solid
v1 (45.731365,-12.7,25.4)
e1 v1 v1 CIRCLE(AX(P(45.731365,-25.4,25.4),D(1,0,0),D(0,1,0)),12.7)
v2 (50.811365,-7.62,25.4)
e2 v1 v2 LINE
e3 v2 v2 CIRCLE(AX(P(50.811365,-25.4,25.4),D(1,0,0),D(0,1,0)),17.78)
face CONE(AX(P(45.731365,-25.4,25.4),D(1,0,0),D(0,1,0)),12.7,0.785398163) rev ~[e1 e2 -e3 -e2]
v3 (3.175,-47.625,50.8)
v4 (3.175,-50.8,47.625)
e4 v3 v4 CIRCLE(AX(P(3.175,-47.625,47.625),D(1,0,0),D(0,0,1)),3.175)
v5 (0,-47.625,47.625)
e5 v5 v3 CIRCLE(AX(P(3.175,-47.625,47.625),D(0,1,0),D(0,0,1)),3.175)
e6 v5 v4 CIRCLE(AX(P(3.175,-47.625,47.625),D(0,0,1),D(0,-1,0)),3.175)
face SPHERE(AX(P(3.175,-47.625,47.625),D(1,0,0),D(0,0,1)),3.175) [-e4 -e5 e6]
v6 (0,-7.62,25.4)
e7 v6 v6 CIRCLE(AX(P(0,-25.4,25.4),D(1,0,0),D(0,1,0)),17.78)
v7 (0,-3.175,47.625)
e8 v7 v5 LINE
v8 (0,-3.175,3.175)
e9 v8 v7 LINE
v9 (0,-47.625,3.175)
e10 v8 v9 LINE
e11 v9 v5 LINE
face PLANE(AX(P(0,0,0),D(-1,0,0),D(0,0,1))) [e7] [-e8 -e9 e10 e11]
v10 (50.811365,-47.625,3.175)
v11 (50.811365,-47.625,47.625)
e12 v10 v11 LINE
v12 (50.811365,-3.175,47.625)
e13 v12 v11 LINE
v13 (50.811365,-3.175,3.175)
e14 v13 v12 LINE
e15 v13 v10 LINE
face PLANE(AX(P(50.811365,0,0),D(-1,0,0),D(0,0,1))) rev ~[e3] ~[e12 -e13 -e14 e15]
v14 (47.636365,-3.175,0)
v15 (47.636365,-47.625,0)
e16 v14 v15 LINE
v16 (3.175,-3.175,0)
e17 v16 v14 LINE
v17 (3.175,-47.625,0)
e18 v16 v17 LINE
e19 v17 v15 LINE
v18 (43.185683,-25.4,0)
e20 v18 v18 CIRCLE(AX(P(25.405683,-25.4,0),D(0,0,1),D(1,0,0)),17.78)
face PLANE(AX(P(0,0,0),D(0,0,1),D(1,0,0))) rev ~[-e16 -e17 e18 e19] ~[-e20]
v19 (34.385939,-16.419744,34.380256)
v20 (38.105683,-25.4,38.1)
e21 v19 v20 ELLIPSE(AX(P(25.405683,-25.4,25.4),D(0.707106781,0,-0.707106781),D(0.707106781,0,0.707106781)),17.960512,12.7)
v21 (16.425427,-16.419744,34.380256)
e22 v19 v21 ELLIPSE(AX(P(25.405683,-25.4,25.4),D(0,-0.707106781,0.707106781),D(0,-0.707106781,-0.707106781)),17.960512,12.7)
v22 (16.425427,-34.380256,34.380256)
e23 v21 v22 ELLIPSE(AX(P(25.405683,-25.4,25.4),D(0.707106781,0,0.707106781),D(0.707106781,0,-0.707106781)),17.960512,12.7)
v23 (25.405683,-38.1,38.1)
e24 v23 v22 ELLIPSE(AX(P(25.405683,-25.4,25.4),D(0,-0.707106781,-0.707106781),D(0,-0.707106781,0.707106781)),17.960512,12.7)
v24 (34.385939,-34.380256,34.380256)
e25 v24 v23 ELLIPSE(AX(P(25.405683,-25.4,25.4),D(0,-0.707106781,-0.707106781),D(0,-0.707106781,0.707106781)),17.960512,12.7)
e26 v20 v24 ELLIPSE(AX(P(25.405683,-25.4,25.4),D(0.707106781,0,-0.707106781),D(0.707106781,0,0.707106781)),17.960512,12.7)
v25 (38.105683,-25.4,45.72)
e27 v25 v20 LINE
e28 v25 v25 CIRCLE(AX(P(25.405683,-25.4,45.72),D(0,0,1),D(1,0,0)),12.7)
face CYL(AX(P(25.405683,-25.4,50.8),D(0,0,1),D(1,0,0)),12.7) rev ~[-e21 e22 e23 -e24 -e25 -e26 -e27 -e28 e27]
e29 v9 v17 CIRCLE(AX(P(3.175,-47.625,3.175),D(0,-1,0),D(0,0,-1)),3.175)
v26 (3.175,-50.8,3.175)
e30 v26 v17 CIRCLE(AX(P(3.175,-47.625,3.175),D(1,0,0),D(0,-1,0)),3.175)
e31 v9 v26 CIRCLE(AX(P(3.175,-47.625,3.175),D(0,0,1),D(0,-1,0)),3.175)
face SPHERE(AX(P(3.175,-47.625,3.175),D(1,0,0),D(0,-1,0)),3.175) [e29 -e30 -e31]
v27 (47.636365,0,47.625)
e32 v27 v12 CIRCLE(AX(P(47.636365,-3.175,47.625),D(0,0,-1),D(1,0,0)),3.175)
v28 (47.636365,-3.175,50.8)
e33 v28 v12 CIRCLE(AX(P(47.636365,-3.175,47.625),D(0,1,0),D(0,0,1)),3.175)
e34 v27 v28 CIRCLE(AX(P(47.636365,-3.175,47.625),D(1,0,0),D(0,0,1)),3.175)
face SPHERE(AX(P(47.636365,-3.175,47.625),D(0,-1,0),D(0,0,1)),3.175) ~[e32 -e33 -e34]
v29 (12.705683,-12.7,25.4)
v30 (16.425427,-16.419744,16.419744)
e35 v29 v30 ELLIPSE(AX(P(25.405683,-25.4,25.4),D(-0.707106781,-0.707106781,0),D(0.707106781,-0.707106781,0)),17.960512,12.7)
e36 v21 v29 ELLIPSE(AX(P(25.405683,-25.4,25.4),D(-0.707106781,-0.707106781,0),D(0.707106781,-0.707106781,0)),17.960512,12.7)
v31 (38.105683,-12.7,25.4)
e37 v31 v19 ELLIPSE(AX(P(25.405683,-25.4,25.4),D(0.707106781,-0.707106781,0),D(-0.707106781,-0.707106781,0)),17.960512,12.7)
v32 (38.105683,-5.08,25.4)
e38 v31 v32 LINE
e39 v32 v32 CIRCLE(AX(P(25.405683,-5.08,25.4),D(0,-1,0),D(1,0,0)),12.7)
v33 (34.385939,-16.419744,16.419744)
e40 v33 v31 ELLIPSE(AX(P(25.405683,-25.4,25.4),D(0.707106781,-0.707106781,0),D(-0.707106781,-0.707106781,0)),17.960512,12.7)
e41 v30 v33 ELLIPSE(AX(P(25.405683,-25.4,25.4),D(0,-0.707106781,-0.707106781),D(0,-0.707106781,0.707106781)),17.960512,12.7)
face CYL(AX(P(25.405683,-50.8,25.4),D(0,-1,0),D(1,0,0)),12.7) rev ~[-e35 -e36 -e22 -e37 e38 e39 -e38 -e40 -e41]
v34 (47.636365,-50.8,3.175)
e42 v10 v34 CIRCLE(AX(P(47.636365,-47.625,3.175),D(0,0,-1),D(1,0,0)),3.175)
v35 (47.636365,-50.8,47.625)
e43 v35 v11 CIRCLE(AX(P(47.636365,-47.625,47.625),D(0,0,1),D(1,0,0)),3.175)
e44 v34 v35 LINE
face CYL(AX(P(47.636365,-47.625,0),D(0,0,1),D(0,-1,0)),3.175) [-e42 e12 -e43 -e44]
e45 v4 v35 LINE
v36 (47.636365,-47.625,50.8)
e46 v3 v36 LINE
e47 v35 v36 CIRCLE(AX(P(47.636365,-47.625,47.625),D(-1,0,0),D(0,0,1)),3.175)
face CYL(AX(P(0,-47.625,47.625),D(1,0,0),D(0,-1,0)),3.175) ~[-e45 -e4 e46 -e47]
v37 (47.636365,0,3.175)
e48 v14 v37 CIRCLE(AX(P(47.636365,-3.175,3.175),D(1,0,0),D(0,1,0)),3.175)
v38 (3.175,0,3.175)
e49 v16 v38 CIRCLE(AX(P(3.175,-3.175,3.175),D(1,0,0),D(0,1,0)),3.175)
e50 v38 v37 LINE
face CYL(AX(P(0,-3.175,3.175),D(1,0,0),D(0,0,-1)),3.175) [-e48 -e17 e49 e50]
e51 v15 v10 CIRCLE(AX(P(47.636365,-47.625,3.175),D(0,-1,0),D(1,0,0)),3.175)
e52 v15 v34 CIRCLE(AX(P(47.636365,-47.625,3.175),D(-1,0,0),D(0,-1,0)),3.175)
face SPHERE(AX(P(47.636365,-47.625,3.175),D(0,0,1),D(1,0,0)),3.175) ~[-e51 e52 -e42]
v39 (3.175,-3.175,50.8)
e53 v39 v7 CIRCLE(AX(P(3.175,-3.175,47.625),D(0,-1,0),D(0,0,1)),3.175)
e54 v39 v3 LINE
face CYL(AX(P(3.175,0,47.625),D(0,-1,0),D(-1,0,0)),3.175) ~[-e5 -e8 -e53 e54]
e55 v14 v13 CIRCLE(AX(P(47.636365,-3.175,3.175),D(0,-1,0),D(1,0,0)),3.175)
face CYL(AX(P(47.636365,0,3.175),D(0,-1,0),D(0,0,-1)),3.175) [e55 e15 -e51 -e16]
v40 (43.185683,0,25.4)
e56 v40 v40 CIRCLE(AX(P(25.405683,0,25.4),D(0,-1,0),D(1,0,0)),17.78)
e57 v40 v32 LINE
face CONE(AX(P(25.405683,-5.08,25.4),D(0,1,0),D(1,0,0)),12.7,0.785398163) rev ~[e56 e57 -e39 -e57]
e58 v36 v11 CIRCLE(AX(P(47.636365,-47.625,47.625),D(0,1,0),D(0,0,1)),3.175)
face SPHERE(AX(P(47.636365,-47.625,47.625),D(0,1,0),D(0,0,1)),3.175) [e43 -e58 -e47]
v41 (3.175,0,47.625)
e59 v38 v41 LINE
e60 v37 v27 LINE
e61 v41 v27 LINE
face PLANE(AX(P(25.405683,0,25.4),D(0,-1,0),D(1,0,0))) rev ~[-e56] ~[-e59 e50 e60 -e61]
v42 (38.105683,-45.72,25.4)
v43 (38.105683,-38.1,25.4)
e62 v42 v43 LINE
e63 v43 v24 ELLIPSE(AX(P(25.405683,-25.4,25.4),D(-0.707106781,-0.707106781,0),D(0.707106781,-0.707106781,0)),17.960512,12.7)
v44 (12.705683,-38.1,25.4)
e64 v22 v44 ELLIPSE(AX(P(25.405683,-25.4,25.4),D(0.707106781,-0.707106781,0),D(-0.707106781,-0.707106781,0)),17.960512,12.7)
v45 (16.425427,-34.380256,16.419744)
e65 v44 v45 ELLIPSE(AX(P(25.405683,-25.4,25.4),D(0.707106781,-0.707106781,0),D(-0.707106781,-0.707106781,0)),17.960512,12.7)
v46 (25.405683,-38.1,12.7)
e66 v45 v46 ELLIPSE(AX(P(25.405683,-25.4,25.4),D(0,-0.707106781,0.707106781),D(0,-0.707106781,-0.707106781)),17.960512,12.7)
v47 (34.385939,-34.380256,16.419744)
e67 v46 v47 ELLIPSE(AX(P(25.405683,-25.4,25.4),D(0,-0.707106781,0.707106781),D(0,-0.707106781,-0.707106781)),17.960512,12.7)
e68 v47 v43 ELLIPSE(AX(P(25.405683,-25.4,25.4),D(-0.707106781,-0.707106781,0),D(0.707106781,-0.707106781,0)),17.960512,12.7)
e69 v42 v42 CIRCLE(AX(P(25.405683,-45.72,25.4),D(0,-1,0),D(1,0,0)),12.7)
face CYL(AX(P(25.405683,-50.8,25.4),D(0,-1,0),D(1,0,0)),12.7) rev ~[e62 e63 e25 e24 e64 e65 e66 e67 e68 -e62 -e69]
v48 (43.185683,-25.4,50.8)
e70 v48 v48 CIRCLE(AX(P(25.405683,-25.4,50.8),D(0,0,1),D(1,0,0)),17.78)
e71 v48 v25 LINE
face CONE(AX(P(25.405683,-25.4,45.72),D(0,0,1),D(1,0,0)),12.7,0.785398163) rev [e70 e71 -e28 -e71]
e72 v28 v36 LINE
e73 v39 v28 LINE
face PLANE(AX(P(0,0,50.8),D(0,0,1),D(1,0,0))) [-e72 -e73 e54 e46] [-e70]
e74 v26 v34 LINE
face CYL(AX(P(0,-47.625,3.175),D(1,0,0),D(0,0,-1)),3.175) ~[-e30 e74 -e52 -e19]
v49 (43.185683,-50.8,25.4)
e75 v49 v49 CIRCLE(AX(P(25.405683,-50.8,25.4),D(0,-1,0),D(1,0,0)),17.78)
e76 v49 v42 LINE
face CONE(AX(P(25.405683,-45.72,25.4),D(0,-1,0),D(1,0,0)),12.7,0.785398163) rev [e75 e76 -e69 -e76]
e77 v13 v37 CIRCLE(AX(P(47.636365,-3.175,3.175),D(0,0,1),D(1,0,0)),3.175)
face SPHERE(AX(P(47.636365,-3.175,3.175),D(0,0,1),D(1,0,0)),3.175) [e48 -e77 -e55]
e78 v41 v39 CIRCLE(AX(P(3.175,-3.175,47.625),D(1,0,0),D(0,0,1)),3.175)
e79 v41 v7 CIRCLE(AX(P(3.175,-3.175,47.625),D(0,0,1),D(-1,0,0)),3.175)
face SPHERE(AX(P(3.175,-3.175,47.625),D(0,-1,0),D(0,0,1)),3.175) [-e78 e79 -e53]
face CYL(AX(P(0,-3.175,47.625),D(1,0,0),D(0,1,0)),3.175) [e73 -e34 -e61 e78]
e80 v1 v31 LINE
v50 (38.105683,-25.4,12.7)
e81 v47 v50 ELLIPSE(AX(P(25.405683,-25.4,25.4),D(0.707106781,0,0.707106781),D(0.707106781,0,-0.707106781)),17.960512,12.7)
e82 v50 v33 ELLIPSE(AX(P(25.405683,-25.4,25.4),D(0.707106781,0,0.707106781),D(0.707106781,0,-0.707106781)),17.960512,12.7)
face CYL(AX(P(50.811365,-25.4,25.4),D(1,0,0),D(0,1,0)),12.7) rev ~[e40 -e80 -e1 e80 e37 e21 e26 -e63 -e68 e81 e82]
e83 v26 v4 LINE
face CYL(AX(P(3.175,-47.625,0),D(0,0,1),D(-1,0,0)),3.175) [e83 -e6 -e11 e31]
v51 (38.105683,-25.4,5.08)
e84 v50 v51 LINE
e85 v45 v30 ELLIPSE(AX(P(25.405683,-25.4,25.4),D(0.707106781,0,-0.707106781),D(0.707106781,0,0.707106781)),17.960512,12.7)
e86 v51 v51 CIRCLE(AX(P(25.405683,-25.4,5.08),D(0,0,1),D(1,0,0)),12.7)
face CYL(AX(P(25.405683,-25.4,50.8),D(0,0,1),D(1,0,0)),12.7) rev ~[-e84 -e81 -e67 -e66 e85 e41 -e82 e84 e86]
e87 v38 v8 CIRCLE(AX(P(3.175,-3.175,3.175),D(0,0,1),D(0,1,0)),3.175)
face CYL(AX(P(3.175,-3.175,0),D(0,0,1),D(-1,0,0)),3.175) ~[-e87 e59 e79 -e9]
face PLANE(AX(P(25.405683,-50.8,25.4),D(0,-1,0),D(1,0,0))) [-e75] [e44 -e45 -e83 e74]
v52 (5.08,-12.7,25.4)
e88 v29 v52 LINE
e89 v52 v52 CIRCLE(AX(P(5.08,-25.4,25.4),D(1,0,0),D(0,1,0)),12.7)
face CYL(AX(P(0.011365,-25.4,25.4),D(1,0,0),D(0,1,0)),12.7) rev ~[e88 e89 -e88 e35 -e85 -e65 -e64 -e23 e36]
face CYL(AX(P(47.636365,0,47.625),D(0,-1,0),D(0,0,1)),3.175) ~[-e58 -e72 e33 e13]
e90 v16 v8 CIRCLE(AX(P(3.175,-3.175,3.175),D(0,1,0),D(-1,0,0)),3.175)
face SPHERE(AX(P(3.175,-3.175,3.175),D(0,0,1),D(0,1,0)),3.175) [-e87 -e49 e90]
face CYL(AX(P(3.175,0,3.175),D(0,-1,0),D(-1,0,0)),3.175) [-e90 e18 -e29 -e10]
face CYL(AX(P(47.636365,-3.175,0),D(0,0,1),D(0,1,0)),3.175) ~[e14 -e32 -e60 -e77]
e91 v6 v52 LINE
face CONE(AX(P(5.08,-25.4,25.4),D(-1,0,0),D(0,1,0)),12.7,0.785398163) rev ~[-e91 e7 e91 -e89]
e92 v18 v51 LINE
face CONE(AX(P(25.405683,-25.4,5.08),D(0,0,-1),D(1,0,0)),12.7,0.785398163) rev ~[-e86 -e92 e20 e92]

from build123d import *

# Parameters (mm, degrees)
F0_W     = 50.8113652468
F0_H     = 50.8
F1_DEPTH = 50.8
F2_R     = 12.7
F3_DEPTH = 50.8
F4_R     = 12.7
F5_DEPTH = 50.8
F6_DEPTH = 50.8
F7_R     = 12.7
F8_DEPTH = 50.8
F9_R     = 3.175
F10_SIZE = 5.08


with BuildPart() as f1:
    # F0 (on Front) → F1 (new body)
    with BuildSketch(Plane.XZ):
        with Locations((25.4056826234, 25.4)):
            Rectangle(F0_W, F0_H)
    extrude(amount=F1_DEPTH)

    # F2 (on face) → F3 (cut)
    with BuildSketch(Plane.XZ.offset(50.8)):
        with Locations((25.4056826234, 25.4)):
            Circle(F2_R)
    extrude(amount=-F3_DEPTH, mode=Mode.SUBTRACT)

    # F4 (on face) → F5 (cut)
    with BuildSketch(Plane.YZ.offset(50.8113652468)):
        with Locations((-25.4, 25.4)):
            Circle(F4_R)
    extrude(amount=-F5_DEPTH, mode=Mode.SUBTRACT)

    # F6 (cut): a face of the model
    f6_faces = [f1.faces().sort_by_distance(p)[0] for p in [
        (0.0113652468, -25.4, 25.4),
    ]]
    extrude(f6_faces, amount=-F6_DEPTH, mode=Mode.SUBTRACT)

    # F7 (on face) → F8 (cut)
    with BuildSketch(Plane.XY.offset(50.8)):
        with Locations((25.4056826234, -25.4)):
            Circle(F7_R)
    extrude(amount=-F8_DEPTH, mode=Mode.SUBTRACT)

    # F9
    f9_edges = [f1.edges().sort_by_distance(p)[0] for p in [
        (50.811365, -25.4, 50.8),
        (25.405683, -50.8, 50.8),
        (0, -25.4, 50.8),
        (25.405683, 0, 50.8),
        (50.811365, -50.8, 25.4),
        (50.811365, 0, 25.4),
        (50.811365, -25.4, 0),
        (25.405683, -50.8, 0),
        (0, -50.8, 25.4),
        (0, 0, 25.4),
        (25.405683, 0, 0),
        (0, -25.4, 0),
    ]]
    fillet(f9_edges, radius=F9_R)

    # F10
    f10_edges = [f1.edges().sort_by_distance(p)[0] for p in [
        (12.705683, -50.8, 25.4),
        (12.705683, -25.4, 0),
        (0, -25.4, 47.625),
        (0, -3.175, 25.4),
        (0, -47.625, 25.4),
        (0, -25.4, 3.175),
        (0, -38.1, 25.4),
        (12.705683, 0, 25.4),
        (12.705683, -25.4, 50.8),
        (50.811365, -38.1, 25.4),
    ]]
    chamfer(f10_edges, length=F10_SIZE)


solid = f1.part
